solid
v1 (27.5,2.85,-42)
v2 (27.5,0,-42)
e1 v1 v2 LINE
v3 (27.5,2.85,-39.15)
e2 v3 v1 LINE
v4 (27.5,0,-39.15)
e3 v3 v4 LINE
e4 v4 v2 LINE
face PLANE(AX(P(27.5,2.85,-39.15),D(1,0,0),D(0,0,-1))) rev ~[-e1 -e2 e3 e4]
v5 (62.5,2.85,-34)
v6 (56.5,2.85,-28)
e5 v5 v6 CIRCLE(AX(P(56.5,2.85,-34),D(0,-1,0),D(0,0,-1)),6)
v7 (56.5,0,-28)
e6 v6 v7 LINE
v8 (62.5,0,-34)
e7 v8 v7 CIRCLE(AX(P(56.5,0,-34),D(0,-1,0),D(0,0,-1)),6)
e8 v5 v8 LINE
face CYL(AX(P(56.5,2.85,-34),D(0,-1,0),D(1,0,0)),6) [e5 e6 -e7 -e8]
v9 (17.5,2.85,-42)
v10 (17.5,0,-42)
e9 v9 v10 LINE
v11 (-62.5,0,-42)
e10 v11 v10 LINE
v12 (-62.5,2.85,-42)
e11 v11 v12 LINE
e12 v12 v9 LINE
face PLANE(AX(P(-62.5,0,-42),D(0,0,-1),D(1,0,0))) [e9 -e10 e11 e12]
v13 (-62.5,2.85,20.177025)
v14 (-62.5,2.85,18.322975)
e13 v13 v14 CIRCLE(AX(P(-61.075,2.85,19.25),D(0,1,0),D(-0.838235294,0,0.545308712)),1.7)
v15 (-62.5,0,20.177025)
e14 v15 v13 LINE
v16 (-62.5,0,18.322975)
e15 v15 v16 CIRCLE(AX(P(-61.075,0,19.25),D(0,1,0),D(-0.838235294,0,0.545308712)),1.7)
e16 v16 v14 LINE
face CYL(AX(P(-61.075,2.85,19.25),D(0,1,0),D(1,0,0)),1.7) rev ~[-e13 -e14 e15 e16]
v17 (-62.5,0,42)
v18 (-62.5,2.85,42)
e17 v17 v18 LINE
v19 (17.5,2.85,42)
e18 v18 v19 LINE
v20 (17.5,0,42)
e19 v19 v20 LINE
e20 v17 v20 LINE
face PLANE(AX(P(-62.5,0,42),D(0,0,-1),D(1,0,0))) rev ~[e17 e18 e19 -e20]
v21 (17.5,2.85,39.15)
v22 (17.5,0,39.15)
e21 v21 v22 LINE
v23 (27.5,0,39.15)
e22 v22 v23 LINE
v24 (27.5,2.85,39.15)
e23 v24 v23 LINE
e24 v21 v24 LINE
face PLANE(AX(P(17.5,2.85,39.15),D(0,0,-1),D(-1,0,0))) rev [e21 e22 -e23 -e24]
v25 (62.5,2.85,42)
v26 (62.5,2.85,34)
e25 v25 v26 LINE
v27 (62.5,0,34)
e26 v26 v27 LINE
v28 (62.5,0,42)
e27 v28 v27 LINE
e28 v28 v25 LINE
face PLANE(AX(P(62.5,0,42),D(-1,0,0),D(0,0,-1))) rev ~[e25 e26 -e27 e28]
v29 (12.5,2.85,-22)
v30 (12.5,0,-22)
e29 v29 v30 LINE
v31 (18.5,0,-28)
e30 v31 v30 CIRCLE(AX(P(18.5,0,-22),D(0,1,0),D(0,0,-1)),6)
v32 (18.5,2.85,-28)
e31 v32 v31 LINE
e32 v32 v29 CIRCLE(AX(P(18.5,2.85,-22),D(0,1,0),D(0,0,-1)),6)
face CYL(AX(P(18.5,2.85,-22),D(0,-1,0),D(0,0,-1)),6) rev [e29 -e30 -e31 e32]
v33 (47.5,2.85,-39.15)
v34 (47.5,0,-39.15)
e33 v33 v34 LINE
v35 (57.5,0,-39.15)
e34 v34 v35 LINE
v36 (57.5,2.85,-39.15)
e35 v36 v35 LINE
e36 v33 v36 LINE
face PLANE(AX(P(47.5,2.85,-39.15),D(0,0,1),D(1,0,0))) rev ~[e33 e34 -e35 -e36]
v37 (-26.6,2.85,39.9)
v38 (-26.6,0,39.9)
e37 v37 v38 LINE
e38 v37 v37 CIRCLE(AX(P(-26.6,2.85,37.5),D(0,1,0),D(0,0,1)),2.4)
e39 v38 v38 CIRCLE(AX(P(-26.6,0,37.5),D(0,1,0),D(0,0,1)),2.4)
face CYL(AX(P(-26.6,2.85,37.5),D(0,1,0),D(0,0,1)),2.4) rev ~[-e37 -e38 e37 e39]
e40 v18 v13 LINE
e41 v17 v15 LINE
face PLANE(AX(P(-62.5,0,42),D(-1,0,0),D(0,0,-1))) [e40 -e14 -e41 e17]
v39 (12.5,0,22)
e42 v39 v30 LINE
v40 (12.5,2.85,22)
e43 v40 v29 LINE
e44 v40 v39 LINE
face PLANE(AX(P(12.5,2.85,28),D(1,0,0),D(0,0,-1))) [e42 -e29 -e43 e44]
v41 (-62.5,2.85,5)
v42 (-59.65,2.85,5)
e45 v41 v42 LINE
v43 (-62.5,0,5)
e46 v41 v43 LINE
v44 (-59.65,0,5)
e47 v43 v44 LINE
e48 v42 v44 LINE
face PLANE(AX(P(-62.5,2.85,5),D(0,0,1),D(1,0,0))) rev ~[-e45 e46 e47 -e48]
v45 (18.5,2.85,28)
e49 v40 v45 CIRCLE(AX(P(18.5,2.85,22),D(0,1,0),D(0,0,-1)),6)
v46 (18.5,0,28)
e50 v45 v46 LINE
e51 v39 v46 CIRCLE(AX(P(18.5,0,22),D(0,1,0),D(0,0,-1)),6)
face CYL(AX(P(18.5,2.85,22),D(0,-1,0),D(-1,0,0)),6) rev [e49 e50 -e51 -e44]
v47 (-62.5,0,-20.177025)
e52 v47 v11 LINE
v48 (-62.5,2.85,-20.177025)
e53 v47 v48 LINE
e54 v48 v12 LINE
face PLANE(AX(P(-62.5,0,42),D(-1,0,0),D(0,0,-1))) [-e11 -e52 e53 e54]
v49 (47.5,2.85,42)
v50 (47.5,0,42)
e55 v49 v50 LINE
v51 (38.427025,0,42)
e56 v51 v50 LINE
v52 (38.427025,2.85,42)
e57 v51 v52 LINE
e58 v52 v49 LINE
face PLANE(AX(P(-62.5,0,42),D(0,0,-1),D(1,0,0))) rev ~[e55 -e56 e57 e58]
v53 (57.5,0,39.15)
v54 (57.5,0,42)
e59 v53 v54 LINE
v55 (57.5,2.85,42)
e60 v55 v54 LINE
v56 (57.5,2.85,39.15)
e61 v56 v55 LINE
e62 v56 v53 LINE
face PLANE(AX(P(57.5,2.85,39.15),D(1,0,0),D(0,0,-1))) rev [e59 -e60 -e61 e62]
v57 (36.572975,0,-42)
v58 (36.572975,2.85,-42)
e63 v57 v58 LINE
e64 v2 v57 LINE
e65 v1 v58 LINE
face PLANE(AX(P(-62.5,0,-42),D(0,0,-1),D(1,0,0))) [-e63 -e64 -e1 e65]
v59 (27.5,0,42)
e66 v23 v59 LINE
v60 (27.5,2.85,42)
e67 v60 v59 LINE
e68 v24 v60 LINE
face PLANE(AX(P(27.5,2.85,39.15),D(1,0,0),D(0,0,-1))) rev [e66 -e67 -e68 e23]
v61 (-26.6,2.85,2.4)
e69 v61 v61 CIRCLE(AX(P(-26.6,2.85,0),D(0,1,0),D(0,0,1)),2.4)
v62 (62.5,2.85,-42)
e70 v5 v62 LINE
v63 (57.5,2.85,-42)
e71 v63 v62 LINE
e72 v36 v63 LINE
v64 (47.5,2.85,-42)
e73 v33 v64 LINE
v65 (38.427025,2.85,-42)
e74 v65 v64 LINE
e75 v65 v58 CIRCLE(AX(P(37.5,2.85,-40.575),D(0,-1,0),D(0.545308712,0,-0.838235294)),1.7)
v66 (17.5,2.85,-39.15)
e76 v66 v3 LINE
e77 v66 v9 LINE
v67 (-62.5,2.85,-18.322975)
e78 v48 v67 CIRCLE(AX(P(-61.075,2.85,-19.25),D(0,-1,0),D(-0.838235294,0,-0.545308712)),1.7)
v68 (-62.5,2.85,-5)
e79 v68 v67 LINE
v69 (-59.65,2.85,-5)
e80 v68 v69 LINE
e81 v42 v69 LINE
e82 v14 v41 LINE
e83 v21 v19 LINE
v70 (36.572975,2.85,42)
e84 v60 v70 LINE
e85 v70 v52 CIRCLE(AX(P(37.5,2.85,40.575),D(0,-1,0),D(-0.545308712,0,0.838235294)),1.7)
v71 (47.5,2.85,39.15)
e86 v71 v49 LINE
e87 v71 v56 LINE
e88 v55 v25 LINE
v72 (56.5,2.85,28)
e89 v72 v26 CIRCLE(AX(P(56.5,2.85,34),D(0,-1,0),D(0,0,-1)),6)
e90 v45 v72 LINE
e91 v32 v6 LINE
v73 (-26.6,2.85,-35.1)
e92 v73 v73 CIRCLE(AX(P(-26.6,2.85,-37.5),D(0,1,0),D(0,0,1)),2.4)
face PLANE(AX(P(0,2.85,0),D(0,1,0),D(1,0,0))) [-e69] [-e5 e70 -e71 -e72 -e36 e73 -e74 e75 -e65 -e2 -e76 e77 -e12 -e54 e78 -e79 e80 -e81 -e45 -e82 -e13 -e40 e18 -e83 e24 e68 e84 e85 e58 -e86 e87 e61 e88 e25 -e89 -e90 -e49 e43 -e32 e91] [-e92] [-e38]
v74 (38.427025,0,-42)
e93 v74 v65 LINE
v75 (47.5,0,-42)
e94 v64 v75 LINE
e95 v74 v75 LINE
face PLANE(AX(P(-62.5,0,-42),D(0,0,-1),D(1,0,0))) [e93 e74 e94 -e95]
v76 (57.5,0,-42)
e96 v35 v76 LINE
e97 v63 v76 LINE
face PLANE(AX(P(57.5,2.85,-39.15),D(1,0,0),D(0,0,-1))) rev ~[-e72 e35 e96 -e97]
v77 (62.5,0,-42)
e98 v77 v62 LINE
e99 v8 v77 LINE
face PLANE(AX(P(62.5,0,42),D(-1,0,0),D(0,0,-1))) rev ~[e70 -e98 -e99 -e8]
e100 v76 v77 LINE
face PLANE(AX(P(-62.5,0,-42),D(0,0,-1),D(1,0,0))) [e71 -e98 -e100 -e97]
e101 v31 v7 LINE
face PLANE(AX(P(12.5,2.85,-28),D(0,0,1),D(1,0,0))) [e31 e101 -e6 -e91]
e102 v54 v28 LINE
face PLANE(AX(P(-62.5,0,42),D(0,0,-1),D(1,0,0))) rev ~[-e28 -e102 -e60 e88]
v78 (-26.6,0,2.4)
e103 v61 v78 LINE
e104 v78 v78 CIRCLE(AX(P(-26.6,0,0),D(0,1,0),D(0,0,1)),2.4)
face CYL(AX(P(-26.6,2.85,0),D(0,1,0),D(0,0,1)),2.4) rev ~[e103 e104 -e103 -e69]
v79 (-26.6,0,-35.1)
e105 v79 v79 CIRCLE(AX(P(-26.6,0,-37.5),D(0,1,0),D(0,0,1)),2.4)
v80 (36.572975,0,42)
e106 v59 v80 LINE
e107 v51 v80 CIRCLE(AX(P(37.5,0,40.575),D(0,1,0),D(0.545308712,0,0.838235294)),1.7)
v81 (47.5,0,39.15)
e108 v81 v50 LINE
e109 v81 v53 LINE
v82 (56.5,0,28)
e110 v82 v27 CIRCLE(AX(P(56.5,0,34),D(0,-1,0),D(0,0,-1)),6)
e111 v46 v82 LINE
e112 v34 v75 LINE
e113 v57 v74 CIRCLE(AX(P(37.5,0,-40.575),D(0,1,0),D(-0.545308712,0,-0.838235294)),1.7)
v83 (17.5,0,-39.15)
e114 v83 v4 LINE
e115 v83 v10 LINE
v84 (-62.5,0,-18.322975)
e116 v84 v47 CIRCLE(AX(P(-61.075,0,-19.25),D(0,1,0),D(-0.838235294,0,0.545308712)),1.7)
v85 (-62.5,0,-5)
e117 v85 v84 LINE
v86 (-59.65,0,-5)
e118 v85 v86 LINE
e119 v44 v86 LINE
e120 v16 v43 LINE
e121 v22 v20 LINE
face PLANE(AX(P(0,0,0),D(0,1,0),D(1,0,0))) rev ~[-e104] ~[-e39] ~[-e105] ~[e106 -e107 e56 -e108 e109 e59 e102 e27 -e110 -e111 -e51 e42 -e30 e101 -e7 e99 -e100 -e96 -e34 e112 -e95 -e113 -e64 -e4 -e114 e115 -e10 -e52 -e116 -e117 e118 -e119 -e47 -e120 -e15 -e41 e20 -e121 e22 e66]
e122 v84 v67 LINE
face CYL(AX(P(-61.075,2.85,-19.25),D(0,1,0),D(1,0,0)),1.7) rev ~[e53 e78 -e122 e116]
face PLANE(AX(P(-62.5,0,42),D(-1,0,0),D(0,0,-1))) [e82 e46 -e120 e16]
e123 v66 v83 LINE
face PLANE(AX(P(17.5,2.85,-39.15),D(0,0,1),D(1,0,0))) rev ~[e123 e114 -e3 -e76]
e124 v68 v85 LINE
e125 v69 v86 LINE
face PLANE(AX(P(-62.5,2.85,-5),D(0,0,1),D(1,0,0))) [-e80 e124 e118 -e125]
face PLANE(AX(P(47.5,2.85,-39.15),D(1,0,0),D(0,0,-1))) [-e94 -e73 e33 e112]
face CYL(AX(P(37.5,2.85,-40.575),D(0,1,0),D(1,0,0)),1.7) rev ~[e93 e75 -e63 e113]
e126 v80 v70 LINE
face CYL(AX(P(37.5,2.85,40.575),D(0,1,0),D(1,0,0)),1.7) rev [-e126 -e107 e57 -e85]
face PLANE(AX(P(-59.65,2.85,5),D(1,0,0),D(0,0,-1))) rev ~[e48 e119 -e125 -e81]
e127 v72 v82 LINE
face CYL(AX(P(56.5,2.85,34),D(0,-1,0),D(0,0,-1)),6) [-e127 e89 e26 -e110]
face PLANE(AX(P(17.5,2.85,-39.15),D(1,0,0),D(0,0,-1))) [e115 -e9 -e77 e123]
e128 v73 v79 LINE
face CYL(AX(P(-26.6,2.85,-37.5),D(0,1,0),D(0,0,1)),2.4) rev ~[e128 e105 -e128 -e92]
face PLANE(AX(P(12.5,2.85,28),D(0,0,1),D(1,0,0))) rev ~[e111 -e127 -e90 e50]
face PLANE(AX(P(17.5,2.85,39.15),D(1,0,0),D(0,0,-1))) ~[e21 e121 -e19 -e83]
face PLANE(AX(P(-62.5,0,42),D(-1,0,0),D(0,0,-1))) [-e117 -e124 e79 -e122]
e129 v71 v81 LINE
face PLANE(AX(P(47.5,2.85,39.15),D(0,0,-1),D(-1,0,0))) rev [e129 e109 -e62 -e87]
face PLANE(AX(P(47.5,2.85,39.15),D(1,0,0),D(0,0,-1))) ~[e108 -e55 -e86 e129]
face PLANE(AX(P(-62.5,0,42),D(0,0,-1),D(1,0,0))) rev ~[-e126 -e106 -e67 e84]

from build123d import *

# Parameters (mm, degrees)
SKETCH1_W           = 125
SKETCH1_H           = 84
BOSS_EXTRUDE1_DEPTH = 2.85
SKETCH2_R           = 1.5
CUT_EXTRUDE1_DEPTH  = 76.354976611
SKETCH3_R           = 2.4
CUT_EXTRUDE2_DEPTH  = 76.354976611
SKETCH4_R           = 1.7
SKETCH4_W           = 2.85
SKETCH4_H           = 10
CUT_EXTRUDE3_DEPTH  = 76.354976611
SKETCH5_R           = 1.7
SKETCH5_W           = 10
SKETCH5_H           = 2.85
CUT_EXTRUDE4_DEPTH  = 76.354976611
SKETCH6_W           = 50
SKETCH6_H           = 56
CUT_EXTRUDE5_DEPTH  = 76.354976611
FILLET1_R           = 6


with BuildPart() as part:
    # Sketch1 → Boss-Extrude1 (new body)
    with BuildSketch(Plane(origin=(0, 0, 0), x_dir=(1, 0, 0), z_dir=(0, 1, 0))):
        Rectangle(SKETCH1_W, SKETCH1_H)
    extrude(amount=BOSS_EXTRUDE1_DEPTH)

    # Sketch2 → Cut-Extrude1 (cut, through all)
    with BuildSketch(Plane.XZ):
        with Locations(Location((44.5, 0, 0), (0, 0, 270))):
            Circle(SKETCH2_R)
    extrude(amount=-CUT_EXTRUDE1_DEPTH, mode=Mode.SUBTRACT)

    # Sketch3 → Cut-Extrude2 (cut, through all)
    with BuildSketch(Plane(origin=(0, 2.85, 0), x_dir=(1, 0, 0), z_dir=(0, 1, 0))):
        with Locations(Location((-26.6, 0, 0), (0, 0, 270))):
            Circle(SKETCH3_R)
        with Locations(Location((-26.6, 37.5, 0), (0, 0, 270))):
            Circle(SKETCH3_R)
        with Locations(Location((-26.6, -37.5, 0), (0, 0, 270))):
            Circle(SKETCH3_R)
    extrude(amount=-CUT_EXTRUDE2_DEPTH, mode=Mode.SUBTRACT)

    # Sketch4 → Cut-Extrude3 (cut, through all)
    with BuildSketch(Plane(origin=(0, 2.85, 0), x_dir=(1, 0, 0), z_dir=(0, 1, 0))):
        with Locations((-61.075, -19.25)):
            Circle(SKETCH4_R)
        with Locations((-61.075, 19.25)):
            Circle(SKETCH4_R)
        with Locations((-61.075, 0)):
            Rectangle(SKETCH4_W, SKETCH4_H)
    extrude(amount=-CUT_EXTRUDE3_DEPTH, mode=Mode.SUBTRACT)

    # Sketch5 → Cut-Extrude4 (cut, through all)
    with BuildSketch(Plane(origin=(0, 2.85, 0), x_dir=(1, 0, 0), z_dir=(0, 1, 0))):
        with Locations((37.5, 40.575)):
            Circle(SKETCH5_R)
        with Locations((52.5, 40.575)):
            Rectangle(SKETCH5_W, SKETCH5_H)
        with Locations((22.5, 40.575)):
            Rectangle(SKETCH5_W, SKETCH5_H)
    cut_extrude4 = extrude(amount=-CUT_EXTRUDE4_DEPTH, mode=Mode.SUBTRACT)

    # Mirror1: Cut-Extrude4 across plane
    add(cut_extrude4.mirror(Plane.XY), mode=Mode.SUBTRACT)

    # Sketch6 → Cut-Extrude5 (cut, through all)
    with BuildSketch(Plane(origin=(0, 2.85, 0), x_dir=(1, 0, 0), z_dir=(0, 1, 0))):
        with Locations((37.5, 0)):
            Rectangle(SKETCH6_W, SKETCH6_H)
    extrude(amount=-CUT_EXTRUDE5_DEPTH, mode=Mode.SUBTRACT)

    # Fillet1
    fillet1_edges = [part.edges().sort_by_distance(p)[0] for p in [
        (62.5, 1.425, -28),
        (62.5, 1.425, 28),
        (12.5, 1.425, 28),
        (12.5, 1.425, -28),
    ]]
    fillet(fillet1_edges, radius=FILLET1_R)


solid = part.part
